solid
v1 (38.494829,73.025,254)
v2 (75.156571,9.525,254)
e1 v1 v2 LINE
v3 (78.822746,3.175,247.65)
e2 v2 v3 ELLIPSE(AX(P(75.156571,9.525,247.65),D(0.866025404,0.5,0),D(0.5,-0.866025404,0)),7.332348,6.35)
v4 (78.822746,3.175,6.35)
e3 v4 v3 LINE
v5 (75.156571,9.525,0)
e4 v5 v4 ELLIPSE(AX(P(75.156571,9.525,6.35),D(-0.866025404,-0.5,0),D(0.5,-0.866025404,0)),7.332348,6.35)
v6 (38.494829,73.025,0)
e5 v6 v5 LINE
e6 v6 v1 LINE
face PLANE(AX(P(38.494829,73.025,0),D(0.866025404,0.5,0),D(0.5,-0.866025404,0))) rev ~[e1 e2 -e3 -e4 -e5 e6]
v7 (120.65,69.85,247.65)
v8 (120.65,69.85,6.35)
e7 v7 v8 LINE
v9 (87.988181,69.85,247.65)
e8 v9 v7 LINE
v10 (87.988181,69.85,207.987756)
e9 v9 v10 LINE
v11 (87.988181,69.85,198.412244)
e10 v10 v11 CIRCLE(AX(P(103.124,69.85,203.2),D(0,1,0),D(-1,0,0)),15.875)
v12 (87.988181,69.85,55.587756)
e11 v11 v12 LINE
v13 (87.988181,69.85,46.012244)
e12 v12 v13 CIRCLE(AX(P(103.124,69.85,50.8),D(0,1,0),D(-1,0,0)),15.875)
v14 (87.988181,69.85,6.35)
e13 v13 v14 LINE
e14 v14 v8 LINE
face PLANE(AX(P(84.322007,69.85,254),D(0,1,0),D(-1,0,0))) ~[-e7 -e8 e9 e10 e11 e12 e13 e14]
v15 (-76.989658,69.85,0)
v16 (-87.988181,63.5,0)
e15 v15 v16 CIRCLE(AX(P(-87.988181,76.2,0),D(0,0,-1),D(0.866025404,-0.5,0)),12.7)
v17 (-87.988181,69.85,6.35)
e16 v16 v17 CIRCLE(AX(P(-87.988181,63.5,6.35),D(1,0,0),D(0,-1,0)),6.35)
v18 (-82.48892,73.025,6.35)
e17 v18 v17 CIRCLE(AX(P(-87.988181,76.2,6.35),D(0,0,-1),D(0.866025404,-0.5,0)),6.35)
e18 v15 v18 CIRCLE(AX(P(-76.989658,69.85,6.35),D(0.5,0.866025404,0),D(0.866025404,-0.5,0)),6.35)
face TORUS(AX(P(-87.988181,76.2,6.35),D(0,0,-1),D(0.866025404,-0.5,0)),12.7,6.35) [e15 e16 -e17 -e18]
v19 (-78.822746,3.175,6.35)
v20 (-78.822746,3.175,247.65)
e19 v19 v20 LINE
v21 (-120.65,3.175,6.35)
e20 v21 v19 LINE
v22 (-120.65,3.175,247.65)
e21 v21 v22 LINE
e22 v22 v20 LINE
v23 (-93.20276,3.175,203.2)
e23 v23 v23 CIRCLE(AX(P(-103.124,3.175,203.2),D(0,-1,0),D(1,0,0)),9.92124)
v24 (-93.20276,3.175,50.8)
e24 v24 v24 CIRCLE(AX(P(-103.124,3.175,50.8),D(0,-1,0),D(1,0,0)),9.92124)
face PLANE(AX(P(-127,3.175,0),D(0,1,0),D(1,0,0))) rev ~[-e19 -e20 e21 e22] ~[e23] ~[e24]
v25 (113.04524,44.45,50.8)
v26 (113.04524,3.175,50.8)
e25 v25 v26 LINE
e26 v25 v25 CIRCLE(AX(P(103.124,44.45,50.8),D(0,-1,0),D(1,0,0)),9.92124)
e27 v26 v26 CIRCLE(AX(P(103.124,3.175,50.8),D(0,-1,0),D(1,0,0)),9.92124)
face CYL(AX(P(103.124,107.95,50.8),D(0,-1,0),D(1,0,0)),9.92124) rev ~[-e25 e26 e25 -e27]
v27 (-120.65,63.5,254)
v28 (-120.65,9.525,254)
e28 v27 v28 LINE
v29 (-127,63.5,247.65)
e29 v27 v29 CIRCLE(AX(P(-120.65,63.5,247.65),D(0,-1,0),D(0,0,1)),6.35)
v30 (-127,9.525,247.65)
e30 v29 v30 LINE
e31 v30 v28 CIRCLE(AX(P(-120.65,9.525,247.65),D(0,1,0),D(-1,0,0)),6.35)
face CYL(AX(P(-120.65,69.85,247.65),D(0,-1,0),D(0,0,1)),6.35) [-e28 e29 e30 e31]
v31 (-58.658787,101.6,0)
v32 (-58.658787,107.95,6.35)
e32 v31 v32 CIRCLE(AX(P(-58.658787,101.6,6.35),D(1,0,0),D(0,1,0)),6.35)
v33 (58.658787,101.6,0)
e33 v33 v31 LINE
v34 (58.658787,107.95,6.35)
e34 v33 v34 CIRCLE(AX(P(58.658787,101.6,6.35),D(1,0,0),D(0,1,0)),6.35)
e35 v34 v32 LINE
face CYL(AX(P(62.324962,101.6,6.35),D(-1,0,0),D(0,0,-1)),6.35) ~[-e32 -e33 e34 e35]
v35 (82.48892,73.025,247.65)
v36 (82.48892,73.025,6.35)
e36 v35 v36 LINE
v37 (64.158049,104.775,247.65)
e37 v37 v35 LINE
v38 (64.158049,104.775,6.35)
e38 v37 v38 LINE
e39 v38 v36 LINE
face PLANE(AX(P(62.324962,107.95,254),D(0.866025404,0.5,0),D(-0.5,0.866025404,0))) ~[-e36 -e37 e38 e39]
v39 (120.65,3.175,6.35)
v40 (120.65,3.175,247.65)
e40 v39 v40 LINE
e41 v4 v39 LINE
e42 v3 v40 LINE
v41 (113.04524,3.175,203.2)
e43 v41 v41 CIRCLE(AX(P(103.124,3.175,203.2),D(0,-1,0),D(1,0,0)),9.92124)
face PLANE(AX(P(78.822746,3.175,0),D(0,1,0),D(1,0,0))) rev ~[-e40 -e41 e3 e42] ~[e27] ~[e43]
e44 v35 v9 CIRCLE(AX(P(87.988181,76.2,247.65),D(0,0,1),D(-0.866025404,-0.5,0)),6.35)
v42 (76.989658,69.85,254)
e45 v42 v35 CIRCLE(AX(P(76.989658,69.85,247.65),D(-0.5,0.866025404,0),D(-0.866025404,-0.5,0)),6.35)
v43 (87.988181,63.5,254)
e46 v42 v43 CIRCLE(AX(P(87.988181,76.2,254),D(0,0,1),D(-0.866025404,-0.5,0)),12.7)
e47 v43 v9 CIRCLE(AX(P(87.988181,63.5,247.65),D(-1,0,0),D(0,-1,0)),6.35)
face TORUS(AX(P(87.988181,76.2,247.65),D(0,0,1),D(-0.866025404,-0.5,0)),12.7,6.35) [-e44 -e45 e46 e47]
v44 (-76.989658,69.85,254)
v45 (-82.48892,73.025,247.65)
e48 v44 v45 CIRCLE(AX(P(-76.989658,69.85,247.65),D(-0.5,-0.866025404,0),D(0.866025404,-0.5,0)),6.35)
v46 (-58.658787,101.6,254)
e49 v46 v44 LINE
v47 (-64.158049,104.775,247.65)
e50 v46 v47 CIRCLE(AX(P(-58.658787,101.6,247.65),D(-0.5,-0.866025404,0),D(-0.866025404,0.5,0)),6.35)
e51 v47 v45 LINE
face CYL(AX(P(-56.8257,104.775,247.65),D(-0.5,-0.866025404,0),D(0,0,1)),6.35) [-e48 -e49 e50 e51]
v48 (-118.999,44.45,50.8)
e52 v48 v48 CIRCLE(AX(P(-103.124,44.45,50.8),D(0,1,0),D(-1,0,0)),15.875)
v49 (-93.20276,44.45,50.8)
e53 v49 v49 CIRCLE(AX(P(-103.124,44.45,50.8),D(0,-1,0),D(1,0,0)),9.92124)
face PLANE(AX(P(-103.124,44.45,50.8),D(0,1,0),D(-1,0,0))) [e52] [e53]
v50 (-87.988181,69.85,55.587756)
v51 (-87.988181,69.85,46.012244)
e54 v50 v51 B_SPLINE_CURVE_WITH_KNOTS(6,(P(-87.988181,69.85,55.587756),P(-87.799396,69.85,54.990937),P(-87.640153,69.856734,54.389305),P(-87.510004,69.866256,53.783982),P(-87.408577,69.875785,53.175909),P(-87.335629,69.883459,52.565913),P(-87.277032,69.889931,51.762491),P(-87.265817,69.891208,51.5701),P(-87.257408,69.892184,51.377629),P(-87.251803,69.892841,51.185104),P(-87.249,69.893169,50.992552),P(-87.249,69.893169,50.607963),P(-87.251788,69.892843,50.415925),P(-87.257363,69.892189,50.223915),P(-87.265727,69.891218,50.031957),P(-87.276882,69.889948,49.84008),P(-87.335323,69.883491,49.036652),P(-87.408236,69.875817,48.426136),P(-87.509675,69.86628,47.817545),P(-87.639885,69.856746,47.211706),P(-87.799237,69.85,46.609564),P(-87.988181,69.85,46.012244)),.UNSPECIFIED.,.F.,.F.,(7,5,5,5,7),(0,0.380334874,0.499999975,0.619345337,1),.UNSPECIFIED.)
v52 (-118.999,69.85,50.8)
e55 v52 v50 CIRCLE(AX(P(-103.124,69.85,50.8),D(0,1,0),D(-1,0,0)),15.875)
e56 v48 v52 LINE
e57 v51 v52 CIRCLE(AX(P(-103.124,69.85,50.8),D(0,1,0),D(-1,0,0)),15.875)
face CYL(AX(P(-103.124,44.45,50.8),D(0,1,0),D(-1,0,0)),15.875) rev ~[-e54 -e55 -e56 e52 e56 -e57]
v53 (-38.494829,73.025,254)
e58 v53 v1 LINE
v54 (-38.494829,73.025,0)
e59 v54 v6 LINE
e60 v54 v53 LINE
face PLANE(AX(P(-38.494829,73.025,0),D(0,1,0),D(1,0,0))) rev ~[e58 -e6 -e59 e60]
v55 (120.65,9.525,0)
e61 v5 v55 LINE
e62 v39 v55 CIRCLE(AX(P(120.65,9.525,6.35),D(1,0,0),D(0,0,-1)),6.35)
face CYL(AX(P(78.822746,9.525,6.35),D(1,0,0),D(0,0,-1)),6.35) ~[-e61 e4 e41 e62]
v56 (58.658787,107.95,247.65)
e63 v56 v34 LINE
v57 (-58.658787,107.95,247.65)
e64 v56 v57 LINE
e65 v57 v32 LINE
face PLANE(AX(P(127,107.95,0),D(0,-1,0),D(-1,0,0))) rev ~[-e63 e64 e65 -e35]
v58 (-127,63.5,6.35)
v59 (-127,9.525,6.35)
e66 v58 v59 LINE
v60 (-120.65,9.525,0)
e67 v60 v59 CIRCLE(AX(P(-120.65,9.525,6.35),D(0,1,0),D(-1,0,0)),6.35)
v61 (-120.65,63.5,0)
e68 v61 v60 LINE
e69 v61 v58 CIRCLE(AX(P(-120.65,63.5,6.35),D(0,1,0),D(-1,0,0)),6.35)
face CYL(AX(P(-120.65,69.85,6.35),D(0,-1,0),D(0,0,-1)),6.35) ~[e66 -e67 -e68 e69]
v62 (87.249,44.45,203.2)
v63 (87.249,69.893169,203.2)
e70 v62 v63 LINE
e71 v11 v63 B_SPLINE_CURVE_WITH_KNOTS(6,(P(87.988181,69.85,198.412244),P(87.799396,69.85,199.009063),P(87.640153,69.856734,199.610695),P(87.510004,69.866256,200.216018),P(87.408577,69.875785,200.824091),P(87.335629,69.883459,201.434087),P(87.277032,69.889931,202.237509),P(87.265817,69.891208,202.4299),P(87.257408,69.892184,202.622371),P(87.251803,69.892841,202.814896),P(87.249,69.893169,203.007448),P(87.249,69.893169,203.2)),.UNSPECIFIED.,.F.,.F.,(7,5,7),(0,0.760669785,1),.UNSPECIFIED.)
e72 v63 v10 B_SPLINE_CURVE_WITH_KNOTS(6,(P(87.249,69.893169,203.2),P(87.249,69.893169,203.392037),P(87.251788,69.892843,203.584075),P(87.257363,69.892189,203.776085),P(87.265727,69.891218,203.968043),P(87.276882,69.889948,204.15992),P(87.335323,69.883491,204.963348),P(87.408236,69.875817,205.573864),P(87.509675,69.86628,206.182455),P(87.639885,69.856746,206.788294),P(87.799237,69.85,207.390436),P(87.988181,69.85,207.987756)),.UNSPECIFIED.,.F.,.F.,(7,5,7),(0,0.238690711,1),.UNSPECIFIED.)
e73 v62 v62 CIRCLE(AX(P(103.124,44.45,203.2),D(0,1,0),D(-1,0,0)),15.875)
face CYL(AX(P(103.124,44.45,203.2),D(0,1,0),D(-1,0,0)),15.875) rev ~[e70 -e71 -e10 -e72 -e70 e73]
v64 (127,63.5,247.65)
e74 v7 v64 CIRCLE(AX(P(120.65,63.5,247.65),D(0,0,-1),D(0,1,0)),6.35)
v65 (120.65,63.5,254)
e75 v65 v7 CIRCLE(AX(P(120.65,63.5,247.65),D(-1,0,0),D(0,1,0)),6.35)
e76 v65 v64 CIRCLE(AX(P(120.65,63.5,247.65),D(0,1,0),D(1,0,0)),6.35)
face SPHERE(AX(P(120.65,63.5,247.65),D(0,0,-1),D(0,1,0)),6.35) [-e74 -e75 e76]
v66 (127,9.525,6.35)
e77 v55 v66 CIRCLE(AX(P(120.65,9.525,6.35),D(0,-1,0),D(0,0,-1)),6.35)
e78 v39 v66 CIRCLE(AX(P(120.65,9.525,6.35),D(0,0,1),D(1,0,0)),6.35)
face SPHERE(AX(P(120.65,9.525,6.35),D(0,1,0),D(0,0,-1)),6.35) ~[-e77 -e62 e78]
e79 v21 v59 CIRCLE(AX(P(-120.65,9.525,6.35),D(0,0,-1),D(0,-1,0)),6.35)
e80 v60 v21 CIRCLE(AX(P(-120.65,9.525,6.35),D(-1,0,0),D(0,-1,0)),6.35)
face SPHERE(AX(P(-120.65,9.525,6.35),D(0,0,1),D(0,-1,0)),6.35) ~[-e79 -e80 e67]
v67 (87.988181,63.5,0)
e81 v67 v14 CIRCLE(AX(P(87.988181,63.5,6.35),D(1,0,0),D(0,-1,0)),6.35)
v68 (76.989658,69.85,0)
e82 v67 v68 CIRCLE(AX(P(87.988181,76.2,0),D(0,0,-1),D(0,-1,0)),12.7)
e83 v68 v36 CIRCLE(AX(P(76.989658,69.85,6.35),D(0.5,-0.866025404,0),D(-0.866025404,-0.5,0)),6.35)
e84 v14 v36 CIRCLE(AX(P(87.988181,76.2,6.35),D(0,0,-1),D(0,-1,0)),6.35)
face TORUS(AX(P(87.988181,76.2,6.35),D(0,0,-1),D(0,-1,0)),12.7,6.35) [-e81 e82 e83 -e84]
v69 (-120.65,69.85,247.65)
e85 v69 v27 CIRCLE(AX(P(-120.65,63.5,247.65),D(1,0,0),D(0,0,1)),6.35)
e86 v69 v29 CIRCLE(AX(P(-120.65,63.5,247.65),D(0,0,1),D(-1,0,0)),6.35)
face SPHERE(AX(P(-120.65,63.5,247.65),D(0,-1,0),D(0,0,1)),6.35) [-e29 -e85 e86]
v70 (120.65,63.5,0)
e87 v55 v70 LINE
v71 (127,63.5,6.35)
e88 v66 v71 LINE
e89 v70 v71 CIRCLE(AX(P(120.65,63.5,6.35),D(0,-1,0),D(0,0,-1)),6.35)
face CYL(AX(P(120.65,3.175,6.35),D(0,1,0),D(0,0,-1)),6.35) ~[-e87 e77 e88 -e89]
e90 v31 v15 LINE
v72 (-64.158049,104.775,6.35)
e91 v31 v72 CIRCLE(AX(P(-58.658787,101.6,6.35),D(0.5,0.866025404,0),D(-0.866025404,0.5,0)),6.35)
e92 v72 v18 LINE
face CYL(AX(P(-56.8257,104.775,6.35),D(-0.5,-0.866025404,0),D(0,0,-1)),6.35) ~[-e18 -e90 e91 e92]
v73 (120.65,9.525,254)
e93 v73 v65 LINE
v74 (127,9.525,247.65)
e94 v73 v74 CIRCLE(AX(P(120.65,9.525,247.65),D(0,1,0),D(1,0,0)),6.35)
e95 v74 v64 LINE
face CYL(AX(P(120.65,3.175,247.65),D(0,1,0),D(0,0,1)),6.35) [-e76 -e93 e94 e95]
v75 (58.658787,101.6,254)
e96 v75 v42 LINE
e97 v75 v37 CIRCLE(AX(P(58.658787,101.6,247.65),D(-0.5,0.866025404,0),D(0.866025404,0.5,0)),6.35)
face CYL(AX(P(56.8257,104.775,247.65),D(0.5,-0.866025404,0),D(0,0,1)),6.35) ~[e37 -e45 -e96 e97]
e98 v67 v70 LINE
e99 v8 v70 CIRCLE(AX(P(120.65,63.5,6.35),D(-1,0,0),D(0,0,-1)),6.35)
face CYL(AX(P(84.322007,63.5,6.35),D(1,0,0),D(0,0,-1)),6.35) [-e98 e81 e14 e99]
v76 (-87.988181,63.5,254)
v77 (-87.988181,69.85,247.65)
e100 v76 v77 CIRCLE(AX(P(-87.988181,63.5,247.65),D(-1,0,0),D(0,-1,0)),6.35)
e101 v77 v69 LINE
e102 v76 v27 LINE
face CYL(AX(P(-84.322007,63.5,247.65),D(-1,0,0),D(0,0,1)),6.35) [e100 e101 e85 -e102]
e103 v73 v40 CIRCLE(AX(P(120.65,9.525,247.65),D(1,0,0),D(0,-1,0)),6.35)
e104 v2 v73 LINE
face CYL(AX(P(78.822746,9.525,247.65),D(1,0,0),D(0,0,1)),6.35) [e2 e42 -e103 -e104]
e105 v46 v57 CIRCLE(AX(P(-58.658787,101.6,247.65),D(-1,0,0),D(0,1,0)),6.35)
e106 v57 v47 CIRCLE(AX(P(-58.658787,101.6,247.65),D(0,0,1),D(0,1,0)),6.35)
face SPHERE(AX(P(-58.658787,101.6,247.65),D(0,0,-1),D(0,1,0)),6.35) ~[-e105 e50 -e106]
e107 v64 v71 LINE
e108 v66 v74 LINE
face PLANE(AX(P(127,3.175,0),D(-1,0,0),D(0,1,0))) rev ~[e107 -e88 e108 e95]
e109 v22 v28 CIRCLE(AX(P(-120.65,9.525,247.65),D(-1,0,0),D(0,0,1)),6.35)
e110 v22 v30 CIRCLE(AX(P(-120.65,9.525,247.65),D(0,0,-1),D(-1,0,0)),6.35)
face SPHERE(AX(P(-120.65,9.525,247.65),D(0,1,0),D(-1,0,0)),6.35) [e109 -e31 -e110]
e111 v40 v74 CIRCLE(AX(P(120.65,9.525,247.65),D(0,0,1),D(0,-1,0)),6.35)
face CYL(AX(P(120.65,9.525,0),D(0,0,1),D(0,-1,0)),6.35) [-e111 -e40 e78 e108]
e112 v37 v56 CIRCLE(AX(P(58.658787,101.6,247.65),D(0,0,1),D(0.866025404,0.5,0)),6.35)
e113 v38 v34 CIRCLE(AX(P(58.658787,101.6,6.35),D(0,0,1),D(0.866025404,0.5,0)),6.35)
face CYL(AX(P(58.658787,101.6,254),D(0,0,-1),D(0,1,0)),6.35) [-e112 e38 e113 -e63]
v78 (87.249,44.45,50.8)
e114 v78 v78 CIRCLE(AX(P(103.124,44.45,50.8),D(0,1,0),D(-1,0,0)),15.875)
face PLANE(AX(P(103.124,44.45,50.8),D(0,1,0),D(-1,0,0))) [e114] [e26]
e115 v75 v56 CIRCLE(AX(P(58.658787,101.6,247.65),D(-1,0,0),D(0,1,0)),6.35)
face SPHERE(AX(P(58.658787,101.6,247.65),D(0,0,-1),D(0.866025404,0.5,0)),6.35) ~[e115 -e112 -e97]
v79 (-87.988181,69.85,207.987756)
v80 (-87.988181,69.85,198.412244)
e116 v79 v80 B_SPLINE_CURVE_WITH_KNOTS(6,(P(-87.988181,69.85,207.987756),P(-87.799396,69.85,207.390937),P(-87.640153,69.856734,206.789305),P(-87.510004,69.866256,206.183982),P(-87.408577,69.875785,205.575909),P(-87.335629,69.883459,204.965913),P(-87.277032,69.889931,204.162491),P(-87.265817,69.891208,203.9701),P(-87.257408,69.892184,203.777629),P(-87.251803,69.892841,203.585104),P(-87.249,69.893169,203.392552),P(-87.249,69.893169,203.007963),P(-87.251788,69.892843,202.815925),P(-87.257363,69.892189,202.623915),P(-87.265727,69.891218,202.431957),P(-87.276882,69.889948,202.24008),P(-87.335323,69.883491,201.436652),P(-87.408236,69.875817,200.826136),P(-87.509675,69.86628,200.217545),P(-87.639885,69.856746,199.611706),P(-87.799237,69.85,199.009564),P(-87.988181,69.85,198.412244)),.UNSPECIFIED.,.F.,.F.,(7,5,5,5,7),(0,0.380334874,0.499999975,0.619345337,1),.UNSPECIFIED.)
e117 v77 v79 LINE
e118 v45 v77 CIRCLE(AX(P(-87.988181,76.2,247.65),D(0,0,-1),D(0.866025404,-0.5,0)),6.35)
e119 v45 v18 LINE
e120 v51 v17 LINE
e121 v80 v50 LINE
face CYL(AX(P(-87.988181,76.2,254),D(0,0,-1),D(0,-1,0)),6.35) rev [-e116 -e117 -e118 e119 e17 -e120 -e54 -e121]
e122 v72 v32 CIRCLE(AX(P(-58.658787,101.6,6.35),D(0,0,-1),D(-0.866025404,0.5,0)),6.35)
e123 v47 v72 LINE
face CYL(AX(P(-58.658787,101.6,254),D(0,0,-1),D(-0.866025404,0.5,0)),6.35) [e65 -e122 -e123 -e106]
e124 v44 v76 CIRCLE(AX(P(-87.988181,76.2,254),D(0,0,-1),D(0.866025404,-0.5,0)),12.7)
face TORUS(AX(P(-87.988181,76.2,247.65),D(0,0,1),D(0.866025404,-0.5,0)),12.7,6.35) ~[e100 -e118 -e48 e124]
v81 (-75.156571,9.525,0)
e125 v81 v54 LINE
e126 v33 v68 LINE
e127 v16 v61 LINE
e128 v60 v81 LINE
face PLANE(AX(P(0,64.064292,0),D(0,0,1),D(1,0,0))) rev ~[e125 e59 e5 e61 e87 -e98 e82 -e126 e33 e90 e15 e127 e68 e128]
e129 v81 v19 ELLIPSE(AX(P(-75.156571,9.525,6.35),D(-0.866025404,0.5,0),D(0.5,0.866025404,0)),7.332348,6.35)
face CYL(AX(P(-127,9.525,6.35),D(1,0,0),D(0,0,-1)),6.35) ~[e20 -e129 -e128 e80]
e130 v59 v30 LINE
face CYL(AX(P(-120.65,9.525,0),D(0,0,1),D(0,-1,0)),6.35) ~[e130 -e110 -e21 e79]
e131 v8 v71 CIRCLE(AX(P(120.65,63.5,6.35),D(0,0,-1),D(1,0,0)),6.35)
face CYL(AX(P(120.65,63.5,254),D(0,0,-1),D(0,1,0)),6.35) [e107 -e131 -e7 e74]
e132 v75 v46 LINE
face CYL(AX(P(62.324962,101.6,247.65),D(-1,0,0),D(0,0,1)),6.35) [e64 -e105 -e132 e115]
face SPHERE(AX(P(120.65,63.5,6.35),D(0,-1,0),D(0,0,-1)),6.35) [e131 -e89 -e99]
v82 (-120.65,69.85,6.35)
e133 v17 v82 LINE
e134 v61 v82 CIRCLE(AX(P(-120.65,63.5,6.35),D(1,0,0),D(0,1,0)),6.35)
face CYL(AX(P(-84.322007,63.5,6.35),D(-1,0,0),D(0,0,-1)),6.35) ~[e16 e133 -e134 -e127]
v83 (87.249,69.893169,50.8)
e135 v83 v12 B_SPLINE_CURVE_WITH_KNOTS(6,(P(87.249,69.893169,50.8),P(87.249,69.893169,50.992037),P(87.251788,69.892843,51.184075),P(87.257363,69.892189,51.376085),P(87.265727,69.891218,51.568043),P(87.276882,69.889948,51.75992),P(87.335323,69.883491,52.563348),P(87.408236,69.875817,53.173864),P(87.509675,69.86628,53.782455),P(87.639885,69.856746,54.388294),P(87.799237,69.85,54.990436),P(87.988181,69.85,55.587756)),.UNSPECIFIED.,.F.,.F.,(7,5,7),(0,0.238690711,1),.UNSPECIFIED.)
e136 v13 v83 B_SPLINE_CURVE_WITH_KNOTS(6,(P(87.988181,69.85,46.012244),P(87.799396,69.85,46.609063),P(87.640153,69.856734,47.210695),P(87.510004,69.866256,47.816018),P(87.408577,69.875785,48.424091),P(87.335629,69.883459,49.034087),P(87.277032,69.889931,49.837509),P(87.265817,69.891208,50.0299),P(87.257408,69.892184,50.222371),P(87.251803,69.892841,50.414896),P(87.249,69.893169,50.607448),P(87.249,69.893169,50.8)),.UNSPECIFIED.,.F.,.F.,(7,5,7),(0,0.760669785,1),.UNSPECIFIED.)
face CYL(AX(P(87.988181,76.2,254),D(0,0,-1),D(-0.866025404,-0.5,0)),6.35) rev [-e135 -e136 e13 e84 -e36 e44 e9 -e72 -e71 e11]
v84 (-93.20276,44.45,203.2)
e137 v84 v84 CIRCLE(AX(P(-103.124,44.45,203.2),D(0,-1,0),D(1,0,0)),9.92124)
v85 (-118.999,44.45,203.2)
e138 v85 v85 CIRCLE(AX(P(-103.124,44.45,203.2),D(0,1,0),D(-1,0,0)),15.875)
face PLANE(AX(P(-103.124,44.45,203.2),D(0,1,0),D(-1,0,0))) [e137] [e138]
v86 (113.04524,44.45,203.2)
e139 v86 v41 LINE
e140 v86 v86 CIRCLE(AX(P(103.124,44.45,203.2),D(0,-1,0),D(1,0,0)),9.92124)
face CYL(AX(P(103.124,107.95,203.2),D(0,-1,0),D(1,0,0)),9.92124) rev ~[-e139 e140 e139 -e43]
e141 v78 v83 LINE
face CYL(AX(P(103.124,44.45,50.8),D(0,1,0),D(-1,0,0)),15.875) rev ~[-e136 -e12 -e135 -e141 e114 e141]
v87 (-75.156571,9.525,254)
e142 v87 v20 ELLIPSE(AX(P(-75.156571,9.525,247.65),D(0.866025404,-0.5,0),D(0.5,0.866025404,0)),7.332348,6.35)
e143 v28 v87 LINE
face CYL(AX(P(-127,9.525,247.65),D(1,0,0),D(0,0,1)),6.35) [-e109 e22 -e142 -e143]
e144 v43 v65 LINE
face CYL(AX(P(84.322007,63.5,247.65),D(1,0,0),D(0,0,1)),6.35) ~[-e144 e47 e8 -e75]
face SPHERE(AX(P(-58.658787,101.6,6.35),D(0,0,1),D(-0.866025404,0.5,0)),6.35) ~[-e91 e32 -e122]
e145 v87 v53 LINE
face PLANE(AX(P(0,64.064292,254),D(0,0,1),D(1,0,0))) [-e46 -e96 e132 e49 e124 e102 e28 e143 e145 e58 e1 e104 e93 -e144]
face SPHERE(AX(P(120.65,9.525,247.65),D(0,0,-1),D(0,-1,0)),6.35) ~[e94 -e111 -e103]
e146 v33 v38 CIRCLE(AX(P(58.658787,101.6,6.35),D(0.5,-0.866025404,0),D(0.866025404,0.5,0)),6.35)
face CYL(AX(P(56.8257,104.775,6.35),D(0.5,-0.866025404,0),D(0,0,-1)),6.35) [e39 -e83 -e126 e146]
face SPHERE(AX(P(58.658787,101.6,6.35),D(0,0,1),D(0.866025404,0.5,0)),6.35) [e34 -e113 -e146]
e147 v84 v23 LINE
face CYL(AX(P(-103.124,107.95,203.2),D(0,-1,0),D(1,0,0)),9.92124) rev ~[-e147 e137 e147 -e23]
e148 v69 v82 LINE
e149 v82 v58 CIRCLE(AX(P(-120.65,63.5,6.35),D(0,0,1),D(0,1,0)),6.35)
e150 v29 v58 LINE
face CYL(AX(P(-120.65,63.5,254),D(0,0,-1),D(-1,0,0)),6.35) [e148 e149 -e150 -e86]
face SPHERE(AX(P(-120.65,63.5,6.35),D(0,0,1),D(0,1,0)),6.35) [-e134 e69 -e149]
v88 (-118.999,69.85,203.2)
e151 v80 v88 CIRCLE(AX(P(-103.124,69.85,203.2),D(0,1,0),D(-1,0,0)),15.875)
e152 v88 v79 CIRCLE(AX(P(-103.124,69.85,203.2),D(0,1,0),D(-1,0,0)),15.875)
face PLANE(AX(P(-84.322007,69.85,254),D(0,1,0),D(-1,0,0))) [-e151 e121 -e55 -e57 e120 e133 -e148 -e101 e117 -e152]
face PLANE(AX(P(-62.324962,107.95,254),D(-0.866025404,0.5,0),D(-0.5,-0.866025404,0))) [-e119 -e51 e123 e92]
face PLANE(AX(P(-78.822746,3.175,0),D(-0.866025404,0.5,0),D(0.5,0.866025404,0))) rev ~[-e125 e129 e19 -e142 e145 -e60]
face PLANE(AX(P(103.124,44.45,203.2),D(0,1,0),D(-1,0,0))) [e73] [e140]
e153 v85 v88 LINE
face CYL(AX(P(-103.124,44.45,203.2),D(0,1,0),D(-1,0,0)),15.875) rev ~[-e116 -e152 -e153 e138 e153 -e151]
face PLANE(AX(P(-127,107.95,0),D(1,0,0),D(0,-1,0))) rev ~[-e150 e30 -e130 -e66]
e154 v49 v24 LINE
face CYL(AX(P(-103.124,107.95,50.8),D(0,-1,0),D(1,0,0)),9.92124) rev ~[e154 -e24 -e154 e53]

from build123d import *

# Parameters (mm, degrees)
BASE_EXTRUDE_DEPTH                               = 254
CUT_EXTRUDE3_DEPTH                               = 255
FILLET1_R                                        = 6.35
CBORE_FOR_3_4_SOCKET_HEAD_CAP_SCREW1_D           = 19.84248
CBORE_FOR_3_4_SOCKET_HEAD_CAP_SCREW1_CBORE_D     = 31.75
CBORE_FOR_3_4_SOCKET_HEAD_CAP_SCREW1_CBORE_DEPTH = 63.5


with BuildPart() as part:
    # Sketch1 → Base-Extrude (new body)
    with BuildSketch(Plane.XY):
        Polygon((-38.494829198, 73.025), (38.494829198, 73.025), (78.822745501, 3.175), (127, 3.175), (127, 107.95), (-127, 107.95), (-127, 3.175), (-78.822745501, 3.175), align=None)
    extrude(amount=BASE_EXTRUDE_DEPTH)

    # Sketch4 → Cut-Extrude3 (cut, through all)
    with BuildSketch(Plane.XY.offset(254)):
        Polygon((-127, 69.85), (-127, 107.95), (-62.324961559, 107.95), (-84.322006815, 69.85), align=None)
    cut_extrude3 = extrude(amount=-CUT_EXTRUDE3_DEPTH, mode=Mode.SUBTRACT)

    # Mirror1: Cut-Extrude3 across plane
    add(cut_extrude3.mirror(Plane(origin=(0, 0, 0), x_dir=(0, 0, 1), z_dir=(1, 0, 0))), mode=Mode.SUBTRACT)

    # Fillet1
    fillet1_edges = [part.edges().sort_by_distance(p)[0] for p in [
        (127, 36.5125, 0),
        (102.911372751, 3.175, 0),
        (-127, 36.5125, 254),
        (-127, 3.175, 127),
        (127, 3.175, 127),
        (-102.911372751, 3.175, 254),
        (-73.323484187, 88.9, 254),
        (-62.324961559, 107.95, 127),
        (-105.661003408, 69.85, 254),
        (-84.322006815, 69.85, 127),
        (-127, 69.85, 127),
        (-73.323484187, 88.9, 0),
        (-105.661003408, 69.85, 0),
        (0, 107.95, 0),
        (0, 107.95, 254),
        (102.911372751, 3.175, 254),
        (62.324961559, 107.95, 127),
        (105.661003408, 69.85, 0),
        (127, 69.85, 127),
        (73.323484187, 88.9, 0),
        (84.322006815, 69.85, 127),
        (73.323484187, 88.9, 254),
        (105.661003408, 69.85, 254),
        (127, 36.5125, 254),
        (-102.911372751, 3.175, 0),
        (-127, 36.5125, 0),
    ]]
    fillet(fillet1_edges, radius=FILLET1_R)

    # CBORE for 3/4 Socket Head Cap Screw1 (through all)
    with Locations(Plane(origin=(32.15140412, 107.95, 73.186569829), x_dir=(-1, 0, 0), z_dir=(0, 1, 0))):
        with Locations((135.27540412, 130.013430171), (135.27540412, -22.386569829), (-70.97259588, -22.386569829), (-70.97259588, 130.013430171)):
            CounterBoreHole(CBORE_FOR_3_4_SOCKET_HEAD_CAP_SCREW1_D / 2, CBORE_FOR_3_4_SOCKET_HEAD_CAP_SCREW1_CBORE_D / 2, CBORE_FOR_3_4_SOCKET_HEAD_CAP_SCREW1_CBORE_DEPTH)


solid = part.part
